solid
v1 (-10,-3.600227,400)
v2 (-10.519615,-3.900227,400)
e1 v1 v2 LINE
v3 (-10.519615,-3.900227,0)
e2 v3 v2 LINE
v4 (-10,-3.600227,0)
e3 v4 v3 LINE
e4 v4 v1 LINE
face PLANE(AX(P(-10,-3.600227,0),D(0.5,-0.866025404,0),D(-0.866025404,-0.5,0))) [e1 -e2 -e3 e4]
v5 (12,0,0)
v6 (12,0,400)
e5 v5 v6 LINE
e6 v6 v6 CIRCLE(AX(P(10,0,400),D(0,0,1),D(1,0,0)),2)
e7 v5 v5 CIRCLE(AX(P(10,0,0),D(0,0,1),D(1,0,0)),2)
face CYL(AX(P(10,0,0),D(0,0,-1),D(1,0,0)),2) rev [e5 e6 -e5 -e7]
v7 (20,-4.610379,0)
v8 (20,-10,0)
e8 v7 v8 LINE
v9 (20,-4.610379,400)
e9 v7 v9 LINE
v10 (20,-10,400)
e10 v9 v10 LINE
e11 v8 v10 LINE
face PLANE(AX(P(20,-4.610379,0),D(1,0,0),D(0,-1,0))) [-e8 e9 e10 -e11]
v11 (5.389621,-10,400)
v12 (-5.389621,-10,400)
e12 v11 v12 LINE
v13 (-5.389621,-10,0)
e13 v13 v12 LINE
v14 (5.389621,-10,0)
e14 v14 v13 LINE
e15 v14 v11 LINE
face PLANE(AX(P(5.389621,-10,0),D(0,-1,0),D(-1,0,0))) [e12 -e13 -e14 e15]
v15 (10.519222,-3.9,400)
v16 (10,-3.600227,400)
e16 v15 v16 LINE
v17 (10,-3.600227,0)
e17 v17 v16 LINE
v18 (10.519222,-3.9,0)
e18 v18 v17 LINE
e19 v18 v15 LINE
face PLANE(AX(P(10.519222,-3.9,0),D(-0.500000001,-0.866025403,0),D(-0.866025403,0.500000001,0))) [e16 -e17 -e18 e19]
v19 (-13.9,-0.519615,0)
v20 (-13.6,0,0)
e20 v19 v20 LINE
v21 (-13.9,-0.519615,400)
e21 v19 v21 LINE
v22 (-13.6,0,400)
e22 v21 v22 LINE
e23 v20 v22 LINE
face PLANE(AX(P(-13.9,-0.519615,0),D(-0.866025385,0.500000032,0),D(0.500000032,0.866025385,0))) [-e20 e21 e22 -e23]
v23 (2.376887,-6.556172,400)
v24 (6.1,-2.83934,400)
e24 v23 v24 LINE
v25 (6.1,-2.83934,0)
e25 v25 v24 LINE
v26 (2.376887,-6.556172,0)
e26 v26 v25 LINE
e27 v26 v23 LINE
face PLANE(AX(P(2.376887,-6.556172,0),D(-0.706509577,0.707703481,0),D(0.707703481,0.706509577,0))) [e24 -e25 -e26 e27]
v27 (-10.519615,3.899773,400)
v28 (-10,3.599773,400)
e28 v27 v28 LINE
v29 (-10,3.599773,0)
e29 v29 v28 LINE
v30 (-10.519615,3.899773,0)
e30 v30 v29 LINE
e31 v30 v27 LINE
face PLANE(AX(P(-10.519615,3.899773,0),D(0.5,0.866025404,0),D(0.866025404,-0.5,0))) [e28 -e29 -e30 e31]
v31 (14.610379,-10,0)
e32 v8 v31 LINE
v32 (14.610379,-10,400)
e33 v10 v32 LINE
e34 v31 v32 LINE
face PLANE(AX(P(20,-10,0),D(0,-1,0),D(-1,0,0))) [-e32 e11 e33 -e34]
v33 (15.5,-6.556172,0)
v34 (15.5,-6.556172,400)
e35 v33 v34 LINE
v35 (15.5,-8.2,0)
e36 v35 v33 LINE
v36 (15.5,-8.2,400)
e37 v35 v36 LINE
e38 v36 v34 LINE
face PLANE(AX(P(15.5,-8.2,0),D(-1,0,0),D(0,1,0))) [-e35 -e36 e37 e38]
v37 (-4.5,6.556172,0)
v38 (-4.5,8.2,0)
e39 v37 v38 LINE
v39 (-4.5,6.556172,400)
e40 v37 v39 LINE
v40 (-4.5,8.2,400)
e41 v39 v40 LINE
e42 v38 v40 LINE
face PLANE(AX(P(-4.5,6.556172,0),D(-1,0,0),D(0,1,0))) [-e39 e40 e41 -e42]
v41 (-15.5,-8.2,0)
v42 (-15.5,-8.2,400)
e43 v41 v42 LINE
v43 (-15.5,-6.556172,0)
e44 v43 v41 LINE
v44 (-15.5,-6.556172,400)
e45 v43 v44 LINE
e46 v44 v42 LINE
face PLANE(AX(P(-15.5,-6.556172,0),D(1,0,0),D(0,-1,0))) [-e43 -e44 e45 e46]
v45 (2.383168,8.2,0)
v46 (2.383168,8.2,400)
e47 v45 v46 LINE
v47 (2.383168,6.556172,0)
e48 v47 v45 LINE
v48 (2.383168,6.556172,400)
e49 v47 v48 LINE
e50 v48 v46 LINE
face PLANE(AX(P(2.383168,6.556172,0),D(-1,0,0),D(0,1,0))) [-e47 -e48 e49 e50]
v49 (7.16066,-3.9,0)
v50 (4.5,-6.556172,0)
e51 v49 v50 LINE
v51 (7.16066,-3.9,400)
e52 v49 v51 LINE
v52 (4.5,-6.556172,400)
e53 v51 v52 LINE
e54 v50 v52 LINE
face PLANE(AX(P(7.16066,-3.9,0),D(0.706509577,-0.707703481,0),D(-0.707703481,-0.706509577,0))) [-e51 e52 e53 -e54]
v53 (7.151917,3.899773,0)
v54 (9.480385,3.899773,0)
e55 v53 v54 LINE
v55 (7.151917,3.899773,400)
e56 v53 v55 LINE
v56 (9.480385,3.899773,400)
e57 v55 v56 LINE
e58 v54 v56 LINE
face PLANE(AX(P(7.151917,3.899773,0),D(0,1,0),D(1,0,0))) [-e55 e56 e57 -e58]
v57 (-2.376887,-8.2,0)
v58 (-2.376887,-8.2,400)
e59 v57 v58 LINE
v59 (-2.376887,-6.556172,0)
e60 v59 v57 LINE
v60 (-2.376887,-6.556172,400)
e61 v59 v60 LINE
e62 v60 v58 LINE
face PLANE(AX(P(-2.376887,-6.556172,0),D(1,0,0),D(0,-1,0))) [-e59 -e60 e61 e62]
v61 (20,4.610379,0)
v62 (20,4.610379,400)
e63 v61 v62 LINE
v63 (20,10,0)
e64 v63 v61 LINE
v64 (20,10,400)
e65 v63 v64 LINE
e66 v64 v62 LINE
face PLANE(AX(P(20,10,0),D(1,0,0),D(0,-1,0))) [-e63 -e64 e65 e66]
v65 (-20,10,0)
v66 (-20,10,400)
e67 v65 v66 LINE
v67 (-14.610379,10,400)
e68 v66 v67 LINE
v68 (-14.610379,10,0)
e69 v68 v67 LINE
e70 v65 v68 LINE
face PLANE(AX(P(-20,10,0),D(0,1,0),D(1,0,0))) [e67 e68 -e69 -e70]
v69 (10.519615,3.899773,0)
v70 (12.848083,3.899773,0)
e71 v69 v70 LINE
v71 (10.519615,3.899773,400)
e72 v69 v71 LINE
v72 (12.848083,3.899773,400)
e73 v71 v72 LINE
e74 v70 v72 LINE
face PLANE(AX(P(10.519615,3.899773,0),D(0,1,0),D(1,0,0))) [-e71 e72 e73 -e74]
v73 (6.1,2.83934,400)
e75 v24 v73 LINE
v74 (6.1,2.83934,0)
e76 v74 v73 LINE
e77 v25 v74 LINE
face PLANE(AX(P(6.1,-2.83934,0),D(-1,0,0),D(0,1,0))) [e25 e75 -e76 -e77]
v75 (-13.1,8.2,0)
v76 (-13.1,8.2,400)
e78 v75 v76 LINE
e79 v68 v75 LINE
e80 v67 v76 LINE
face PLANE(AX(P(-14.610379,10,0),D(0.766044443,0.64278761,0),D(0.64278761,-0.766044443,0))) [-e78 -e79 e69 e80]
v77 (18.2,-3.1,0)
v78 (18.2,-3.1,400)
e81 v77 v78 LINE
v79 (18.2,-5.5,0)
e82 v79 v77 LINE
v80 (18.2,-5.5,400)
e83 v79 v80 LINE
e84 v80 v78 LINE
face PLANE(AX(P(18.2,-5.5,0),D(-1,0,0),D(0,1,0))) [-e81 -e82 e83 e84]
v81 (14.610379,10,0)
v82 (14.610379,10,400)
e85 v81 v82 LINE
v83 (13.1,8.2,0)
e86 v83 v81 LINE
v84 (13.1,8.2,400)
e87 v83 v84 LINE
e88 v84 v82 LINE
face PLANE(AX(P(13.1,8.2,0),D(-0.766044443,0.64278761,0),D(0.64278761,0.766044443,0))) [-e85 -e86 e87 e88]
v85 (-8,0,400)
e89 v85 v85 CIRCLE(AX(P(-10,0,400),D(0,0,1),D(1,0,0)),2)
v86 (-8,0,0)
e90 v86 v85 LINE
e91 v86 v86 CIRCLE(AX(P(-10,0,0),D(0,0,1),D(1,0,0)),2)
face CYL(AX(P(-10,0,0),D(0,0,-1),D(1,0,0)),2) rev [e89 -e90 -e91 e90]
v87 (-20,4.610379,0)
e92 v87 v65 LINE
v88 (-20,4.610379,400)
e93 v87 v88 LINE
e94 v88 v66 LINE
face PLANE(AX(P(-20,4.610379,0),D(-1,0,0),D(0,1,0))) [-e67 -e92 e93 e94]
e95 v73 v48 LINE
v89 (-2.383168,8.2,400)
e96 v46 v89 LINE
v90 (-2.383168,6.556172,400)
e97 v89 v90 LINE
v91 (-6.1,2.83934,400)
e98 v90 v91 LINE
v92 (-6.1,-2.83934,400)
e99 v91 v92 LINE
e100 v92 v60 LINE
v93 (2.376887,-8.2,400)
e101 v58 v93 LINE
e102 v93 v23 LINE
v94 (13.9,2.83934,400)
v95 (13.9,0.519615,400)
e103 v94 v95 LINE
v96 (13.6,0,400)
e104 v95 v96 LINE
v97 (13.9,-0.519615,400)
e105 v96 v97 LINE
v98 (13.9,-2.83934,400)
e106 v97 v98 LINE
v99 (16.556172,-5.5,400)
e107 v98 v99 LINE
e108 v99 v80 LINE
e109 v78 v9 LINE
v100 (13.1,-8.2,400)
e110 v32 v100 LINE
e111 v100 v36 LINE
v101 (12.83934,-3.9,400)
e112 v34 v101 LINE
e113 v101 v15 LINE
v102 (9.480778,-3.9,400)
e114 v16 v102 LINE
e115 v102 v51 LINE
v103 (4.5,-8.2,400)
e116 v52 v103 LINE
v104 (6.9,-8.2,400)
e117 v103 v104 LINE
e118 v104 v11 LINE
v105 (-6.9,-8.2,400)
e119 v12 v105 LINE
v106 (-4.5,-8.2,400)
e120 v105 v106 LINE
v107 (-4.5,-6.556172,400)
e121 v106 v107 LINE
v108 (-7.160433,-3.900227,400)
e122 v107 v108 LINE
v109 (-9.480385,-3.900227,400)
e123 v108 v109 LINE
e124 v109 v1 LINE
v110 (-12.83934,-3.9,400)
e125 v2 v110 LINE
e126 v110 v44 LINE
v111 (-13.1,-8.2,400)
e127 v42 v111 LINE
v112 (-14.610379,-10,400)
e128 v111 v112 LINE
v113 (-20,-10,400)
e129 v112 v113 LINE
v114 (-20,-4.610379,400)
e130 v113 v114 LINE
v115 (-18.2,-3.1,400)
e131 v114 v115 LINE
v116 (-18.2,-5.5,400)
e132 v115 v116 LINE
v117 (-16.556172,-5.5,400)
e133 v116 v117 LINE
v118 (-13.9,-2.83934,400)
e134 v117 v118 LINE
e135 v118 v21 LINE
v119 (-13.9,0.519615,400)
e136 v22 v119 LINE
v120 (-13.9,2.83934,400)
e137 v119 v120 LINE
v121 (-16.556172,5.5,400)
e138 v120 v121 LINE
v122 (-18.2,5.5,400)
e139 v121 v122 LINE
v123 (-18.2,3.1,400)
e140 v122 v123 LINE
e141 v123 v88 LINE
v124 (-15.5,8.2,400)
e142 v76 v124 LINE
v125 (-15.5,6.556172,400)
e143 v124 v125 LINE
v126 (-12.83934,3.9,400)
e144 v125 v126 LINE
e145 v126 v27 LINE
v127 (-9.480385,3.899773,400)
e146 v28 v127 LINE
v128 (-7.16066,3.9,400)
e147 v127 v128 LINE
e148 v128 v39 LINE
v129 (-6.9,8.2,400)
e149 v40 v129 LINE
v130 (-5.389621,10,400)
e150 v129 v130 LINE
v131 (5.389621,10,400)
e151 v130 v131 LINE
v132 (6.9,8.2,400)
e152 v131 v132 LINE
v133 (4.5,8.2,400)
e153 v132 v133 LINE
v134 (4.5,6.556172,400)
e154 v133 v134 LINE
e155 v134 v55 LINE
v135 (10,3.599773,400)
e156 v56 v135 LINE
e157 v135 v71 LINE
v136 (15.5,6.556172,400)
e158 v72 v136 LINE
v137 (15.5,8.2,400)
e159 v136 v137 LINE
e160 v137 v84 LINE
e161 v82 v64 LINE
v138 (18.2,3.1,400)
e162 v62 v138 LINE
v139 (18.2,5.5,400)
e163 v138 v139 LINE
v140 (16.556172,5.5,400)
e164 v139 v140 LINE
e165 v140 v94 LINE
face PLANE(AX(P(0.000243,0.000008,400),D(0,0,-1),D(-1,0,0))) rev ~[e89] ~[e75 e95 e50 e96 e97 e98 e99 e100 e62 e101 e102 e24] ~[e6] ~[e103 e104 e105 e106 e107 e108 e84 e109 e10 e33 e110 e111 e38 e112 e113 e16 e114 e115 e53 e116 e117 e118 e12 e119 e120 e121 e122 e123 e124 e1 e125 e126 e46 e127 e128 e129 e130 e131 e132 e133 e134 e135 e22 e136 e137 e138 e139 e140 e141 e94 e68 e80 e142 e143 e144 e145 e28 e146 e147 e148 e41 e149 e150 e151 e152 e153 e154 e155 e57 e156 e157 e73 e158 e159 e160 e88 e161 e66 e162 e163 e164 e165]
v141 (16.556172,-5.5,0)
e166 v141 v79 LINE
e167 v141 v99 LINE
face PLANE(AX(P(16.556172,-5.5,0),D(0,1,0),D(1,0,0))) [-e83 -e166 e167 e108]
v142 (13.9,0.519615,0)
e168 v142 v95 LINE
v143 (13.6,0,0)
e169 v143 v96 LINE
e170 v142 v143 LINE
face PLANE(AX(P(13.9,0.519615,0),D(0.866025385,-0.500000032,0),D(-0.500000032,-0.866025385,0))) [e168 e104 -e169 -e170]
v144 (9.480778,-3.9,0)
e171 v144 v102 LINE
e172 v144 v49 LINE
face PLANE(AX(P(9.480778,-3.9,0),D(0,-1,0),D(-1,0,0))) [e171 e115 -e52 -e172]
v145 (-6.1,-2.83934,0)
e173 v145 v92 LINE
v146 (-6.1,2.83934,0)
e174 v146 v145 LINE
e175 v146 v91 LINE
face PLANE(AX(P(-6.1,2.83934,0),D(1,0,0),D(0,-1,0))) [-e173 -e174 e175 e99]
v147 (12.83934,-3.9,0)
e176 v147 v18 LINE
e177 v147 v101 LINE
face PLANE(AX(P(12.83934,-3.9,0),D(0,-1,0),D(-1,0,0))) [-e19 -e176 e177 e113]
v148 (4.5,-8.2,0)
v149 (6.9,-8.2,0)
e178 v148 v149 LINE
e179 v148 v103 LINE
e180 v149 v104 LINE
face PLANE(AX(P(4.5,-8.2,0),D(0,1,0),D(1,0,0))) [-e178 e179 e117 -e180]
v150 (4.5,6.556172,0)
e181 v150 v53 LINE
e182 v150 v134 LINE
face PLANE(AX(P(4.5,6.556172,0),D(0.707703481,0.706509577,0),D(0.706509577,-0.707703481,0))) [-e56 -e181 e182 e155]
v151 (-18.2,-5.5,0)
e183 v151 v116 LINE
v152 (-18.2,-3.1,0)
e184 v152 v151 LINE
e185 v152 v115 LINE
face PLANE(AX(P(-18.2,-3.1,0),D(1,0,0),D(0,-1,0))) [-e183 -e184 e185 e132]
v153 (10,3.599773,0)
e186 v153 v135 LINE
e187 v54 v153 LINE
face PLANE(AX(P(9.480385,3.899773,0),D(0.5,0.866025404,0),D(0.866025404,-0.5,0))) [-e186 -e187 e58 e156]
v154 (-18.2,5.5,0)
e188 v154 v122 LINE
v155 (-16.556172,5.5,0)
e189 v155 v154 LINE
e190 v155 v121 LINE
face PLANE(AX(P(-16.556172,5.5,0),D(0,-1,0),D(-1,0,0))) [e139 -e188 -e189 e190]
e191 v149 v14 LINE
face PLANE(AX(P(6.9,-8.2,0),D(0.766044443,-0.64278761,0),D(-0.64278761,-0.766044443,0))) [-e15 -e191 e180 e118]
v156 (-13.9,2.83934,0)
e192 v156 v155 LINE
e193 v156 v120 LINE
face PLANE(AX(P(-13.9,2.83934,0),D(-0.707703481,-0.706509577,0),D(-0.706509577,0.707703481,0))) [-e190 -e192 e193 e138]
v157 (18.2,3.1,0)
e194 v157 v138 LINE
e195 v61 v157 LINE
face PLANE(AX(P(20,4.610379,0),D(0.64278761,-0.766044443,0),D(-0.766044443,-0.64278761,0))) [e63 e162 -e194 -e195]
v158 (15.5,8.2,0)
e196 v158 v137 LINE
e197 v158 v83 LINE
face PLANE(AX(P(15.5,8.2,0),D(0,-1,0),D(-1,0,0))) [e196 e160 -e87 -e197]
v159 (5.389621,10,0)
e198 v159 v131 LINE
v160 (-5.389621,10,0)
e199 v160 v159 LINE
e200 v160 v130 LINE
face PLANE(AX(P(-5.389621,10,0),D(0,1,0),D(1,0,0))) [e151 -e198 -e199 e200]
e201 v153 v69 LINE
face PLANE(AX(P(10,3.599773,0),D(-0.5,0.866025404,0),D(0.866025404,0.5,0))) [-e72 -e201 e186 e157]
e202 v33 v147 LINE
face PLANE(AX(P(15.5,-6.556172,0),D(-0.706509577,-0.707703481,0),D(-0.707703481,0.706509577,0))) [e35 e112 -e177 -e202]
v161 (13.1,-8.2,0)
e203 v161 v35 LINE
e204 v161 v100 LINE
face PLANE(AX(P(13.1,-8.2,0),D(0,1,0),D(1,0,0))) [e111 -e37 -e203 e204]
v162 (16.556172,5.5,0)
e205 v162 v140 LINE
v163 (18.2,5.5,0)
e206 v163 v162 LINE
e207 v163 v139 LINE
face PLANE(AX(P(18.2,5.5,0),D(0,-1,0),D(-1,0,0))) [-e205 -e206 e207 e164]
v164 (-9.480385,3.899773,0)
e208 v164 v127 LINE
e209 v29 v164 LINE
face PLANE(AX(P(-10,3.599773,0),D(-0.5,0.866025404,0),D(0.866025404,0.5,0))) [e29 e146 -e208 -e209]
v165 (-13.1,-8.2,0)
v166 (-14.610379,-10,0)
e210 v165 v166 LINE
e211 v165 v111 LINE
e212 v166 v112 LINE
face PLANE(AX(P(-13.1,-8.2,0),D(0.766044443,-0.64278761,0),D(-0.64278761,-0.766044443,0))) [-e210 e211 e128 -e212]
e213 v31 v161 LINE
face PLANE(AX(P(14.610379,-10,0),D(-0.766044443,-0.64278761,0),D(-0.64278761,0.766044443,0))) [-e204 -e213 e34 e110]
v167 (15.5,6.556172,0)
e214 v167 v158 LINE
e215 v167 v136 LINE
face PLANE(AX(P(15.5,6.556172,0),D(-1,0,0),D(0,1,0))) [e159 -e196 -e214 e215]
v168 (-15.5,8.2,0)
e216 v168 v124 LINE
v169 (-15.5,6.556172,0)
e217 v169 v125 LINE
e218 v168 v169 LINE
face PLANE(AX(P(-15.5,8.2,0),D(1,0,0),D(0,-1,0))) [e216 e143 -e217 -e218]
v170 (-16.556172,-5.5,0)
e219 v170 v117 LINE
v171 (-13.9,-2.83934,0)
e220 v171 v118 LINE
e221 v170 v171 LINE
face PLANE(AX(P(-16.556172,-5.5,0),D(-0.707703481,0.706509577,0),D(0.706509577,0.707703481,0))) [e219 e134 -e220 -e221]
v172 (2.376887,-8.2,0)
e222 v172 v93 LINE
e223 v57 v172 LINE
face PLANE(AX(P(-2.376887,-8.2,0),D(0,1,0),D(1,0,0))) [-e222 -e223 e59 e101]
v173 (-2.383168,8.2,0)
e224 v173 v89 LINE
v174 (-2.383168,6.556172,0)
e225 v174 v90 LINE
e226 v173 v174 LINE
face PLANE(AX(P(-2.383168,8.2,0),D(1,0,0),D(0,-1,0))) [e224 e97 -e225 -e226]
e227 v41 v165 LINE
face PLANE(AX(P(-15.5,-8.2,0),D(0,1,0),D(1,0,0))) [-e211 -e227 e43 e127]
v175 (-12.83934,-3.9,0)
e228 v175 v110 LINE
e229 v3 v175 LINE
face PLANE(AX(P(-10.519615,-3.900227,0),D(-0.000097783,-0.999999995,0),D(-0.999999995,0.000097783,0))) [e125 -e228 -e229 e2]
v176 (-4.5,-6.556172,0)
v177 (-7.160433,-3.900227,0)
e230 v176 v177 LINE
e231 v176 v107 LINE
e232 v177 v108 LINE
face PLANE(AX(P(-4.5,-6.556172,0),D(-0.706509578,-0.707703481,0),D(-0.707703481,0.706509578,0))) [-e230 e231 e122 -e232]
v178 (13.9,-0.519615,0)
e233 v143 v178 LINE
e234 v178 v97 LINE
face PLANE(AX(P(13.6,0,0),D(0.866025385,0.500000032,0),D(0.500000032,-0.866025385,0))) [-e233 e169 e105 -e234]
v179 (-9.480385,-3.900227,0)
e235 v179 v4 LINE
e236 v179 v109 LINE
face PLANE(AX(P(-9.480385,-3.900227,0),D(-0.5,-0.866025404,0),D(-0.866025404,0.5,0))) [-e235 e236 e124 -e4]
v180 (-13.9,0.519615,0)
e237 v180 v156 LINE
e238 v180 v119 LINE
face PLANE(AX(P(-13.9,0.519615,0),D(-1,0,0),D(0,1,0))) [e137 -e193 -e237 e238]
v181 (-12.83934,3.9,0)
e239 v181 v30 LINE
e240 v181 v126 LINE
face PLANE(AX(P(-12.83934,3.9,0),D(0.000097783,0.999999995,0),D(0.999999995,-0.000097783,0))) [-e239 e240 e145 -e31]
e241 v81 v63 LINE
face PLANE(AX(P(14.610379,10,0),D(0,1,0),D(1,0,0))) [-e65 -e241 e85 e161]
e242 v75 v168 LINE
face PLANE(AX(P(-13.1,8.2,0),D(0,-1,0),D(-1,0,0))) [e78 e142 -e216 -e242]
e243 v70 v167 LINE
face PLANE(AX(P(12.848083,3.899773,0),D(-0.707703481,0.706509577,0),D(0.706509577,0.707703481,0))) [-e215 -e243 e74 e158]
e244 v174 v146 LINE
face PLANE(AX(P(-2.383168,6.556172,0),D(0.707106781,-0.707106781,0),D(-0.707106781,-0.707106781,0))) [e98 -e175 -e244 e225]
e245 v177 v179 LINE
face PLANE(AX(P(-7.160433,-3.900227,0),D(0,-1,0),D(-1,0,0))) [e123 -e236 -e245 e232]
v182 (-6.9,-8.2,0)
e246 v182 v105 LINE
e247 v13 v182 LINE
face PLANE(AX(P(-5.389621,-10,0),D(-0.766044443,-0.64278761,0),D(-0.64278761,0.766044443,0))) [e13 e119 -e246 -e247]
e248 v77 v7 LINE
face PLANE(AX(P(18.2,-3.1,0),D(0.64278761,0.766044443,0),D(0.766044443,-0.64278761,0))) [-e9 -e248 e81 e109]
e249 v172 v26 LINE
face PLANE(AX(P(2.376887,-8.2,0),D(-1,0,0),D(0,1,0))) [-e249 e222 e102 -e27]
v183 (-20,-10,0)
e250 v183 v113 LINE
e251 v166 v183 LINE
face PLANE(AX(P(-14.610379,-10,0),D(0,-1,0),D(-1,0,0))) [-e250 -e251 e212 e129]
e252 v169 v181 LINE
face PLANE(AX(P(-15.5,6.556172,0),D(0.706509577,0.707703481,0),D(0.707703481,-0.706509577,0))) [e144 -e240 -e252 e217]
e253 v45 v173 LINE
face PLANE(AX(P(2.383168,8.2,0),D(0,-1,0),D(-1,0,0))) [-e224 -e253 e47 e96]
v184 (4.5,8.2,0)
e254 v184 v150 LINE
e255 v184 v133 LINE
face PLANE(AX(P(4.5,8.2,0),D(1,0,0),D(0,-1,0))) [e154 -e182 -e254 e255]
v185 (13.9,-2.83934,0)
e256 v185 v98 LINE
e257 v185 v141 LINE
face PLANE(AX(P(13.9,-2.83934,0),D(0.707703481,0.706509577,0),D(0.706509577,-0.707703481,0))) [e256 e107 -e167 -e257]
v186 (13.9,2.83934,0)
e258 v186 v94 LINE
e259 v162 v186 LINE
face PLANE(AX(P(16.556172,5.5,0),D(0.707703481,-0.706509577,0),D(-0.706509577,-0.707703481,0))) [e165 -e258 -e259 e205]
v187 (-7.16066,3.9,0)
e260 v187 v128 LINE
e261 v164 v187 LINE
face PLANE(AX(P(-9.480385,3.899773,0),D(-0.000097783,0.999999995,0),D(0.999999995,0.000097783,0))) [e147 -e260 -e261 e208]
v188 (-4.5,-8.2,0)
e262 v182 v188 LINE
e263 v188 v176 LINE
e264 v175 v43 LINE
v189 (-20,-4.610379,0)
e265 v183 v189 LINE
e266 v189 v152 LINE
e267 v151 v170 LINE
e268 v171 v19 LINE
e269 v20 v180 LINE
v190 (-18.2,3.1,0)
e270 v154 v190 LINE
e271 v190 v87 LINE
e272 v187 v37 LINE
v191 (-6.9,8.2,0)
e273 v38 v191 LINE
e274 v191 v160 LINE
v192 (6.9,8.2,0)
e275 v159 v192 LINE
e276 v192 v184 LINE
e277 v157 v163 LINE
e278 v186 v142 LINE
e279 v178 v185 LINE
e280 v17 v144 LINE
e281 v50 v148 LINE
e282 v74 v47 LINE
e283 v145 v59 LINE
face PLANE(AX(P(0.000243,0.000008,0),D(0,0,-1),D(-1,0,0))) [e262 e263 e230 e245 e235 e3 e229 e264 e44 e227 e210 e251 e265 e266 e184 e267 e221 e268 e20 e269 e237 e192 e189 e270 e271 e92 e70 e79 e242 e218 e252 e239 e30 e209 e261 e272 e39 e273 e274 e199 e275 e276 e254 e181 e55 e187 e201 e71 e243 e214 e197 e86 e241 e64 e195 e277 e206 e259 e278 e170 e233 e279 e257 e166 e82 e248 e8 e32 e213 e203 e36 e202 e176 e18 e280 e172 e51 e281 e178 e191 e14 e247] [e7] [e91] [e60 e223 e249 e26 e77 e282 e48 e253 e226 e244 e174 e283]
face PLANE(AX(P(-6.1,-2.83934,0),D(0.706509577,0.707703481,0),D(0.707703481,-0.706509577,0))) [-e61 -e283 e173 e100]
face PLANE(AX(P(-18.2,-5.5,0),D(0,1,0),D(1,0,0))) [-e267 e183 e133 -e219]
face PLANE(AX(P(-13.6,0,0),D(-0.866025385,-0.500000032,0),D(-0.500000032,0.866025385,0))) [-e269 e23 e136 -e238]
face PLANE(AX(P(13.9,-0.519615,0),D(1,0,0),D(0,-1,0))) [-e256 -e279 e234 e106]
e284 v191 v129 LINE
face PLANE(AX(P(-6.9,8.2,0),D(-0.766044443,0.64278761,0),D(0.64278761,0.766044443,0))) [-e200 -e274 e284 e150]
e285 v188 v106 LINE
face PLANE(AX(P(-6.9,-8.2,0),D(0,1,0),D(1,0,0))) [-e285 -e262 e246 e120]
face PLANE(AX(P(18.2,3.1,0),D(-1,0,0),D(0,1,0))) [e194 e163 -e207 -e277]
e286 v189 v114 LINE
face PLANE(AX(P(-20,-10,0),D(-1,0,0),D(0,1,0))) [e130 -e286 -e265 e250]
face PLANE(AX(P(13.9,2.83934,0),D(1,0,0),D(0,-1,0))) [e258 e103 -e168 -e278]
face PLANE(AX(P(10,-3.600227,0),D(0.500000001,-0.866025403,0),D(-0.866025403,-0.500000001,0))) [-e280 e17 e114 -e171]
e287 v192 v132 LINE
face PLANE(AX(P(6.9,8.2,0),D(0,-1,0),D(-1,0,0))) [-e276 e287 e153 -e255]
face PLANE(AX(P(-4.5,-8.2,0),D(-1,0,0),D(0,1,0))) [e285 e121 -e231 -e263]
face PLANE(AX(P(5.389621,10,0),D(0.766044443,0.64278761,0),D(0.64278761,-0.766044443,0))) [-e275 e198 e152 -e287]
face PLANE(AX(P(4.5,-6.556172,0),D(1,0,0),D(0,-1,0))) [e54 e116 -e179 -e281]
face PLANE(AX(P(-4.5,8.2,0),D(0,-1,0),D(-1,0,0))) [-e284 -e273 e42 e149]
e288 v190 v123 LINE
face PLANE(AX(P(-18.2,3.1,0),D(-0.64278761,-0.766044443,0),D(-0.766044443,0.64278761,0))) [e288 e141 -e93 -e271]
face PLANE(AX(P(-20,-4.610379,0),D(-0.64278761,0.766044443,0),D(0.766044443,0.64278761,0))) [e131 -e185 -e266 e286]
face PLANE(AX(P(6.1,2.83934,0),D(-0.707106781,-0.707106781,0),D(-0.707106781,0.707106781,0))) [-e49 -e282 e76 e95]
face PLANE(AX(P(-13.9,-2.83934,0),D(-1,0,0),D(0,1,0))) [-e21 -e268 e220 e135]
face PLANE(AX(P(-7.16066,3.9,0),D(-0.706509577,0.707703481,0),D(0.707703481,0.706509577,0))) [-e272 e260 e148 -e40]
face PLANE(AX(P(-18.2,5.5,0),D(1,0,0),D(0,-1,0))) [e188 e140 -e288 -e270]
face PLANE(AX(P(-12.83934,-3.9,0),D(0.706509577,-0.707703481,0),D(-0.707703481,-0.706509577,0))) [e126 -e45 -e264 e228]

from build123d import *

# Parameters (mm, degrees)
SKETCH1_R           = 2
BOSS_EXTRUDE1_DEPTH = 400


with BuildPart() as part:
    # Sketch1 → Boss-Extrude1 (new body)
    with BuildSketch(Plane.XY):
        Polygon((-5.389620664, 10), (5.389620664, 10), (6.9, 8.2), (4.5, 8.2), (4.5, 6.556171609), (7.151917065, 3.899773171), (9.480384758, 3.899773171), (10, 3.599773171), (10.519615242, 3.899773171), (12.848082935, 3.899773171), (15.5, 6.556171609), (15.5, 8.2), (13.1, 8.2), (14.610379336, 10), (20, 10), (20, 4.610379336), (18.2, 3.1), (18.2, 5.5), (16.556171609, 5.5), (13.9, 2.839339828), (13.9, 0.519615231), (13.599999981, 0), (13.9, -0.519615231), (13.9, -2.839339828), (16.556171609, -5.5), (18.2, -5.5), (18.2, -3.1), (20, -4.610379336), (20, -10), (14.610379336, -10), (13.1, -8.2), (15.5, -8.2), (15.5, -6.556171609), (12.839339828, -3.9), (10.519222362, -3.9), (10, -3.600226829), (9.480777638, -3.9), (7.160660172, -3.9), (4.5, -6.556171609), (4.5, -8.2), (6.9, -8.2), (5.389620664, -10), (-5.389620664, -10), (-6.9, -8.2), (-4.5, -8.2), (-4.5, -6.556171609), (-7.160432959, -3.900226829), (-9.480384758, -3.900226829), (-10, -3.600226829), (-10.519615242, -3.900226829), (-12.839339828, -3.9), (-15.5, -6.556171609), (-15.5, -8.2), (-13.1, -8.2), (-14.610379336, -10), (-20, -10), (-20, -4.610379336), (-18.2, -3.1), (-18.2, -5.5), (-16.556171609, -5.5), (-13.9, -2.839339828), (-13.9, -0.519615231), (-13.599999981, 0), (-13.9, 0.519615231), (-13.9, 2.839339828), (-16.556171609, 5.5), (-18.2, 5.5), (-18.2, 3.1), (-20, 4.610379336), (-20, 10), (-14.610379336, 10), (-13.1, 8.2), (-15.5, 8.2), (-15.5, 6.556171609), (-12.839339828, 3.9), (-10.519615242, 3.899773171), (-10, 3.599773171), (-9.480384758, 3.899773171), (-7.160660172, 3.9), (-4.5, 6.556171609), (-4.5, 8.2), (-6.9, 8.2), align=None)
        with Locations((-10, 0)):
            Circle(SKETCH1_R, mode=Mode.SUBTRACT)
        with Locations((10, 0)):
            Circle(SKETCH1_R, mode=Mode.SUBTRACT)
        Polygon((-6.1, -2.839339828), (-2.376887287, -6.556171609), (-2.376887287, -8.2), (2.376887287, -8.2), (2.376887287, -6.556171609), (6.1, -2.839339828), (6.1, 2.839339828), (2.383168219, 6.556171609), (2.383168219, 8.2), (-2.383168219, 8.2), (-2.383168219, 6.556171609), (-6.1, 2.839339828), align=None, mode=Mode.SUBTRACT)
    extrude(amount=BOSS_EXTRUDE1_DEPTH)


solid = part.part
